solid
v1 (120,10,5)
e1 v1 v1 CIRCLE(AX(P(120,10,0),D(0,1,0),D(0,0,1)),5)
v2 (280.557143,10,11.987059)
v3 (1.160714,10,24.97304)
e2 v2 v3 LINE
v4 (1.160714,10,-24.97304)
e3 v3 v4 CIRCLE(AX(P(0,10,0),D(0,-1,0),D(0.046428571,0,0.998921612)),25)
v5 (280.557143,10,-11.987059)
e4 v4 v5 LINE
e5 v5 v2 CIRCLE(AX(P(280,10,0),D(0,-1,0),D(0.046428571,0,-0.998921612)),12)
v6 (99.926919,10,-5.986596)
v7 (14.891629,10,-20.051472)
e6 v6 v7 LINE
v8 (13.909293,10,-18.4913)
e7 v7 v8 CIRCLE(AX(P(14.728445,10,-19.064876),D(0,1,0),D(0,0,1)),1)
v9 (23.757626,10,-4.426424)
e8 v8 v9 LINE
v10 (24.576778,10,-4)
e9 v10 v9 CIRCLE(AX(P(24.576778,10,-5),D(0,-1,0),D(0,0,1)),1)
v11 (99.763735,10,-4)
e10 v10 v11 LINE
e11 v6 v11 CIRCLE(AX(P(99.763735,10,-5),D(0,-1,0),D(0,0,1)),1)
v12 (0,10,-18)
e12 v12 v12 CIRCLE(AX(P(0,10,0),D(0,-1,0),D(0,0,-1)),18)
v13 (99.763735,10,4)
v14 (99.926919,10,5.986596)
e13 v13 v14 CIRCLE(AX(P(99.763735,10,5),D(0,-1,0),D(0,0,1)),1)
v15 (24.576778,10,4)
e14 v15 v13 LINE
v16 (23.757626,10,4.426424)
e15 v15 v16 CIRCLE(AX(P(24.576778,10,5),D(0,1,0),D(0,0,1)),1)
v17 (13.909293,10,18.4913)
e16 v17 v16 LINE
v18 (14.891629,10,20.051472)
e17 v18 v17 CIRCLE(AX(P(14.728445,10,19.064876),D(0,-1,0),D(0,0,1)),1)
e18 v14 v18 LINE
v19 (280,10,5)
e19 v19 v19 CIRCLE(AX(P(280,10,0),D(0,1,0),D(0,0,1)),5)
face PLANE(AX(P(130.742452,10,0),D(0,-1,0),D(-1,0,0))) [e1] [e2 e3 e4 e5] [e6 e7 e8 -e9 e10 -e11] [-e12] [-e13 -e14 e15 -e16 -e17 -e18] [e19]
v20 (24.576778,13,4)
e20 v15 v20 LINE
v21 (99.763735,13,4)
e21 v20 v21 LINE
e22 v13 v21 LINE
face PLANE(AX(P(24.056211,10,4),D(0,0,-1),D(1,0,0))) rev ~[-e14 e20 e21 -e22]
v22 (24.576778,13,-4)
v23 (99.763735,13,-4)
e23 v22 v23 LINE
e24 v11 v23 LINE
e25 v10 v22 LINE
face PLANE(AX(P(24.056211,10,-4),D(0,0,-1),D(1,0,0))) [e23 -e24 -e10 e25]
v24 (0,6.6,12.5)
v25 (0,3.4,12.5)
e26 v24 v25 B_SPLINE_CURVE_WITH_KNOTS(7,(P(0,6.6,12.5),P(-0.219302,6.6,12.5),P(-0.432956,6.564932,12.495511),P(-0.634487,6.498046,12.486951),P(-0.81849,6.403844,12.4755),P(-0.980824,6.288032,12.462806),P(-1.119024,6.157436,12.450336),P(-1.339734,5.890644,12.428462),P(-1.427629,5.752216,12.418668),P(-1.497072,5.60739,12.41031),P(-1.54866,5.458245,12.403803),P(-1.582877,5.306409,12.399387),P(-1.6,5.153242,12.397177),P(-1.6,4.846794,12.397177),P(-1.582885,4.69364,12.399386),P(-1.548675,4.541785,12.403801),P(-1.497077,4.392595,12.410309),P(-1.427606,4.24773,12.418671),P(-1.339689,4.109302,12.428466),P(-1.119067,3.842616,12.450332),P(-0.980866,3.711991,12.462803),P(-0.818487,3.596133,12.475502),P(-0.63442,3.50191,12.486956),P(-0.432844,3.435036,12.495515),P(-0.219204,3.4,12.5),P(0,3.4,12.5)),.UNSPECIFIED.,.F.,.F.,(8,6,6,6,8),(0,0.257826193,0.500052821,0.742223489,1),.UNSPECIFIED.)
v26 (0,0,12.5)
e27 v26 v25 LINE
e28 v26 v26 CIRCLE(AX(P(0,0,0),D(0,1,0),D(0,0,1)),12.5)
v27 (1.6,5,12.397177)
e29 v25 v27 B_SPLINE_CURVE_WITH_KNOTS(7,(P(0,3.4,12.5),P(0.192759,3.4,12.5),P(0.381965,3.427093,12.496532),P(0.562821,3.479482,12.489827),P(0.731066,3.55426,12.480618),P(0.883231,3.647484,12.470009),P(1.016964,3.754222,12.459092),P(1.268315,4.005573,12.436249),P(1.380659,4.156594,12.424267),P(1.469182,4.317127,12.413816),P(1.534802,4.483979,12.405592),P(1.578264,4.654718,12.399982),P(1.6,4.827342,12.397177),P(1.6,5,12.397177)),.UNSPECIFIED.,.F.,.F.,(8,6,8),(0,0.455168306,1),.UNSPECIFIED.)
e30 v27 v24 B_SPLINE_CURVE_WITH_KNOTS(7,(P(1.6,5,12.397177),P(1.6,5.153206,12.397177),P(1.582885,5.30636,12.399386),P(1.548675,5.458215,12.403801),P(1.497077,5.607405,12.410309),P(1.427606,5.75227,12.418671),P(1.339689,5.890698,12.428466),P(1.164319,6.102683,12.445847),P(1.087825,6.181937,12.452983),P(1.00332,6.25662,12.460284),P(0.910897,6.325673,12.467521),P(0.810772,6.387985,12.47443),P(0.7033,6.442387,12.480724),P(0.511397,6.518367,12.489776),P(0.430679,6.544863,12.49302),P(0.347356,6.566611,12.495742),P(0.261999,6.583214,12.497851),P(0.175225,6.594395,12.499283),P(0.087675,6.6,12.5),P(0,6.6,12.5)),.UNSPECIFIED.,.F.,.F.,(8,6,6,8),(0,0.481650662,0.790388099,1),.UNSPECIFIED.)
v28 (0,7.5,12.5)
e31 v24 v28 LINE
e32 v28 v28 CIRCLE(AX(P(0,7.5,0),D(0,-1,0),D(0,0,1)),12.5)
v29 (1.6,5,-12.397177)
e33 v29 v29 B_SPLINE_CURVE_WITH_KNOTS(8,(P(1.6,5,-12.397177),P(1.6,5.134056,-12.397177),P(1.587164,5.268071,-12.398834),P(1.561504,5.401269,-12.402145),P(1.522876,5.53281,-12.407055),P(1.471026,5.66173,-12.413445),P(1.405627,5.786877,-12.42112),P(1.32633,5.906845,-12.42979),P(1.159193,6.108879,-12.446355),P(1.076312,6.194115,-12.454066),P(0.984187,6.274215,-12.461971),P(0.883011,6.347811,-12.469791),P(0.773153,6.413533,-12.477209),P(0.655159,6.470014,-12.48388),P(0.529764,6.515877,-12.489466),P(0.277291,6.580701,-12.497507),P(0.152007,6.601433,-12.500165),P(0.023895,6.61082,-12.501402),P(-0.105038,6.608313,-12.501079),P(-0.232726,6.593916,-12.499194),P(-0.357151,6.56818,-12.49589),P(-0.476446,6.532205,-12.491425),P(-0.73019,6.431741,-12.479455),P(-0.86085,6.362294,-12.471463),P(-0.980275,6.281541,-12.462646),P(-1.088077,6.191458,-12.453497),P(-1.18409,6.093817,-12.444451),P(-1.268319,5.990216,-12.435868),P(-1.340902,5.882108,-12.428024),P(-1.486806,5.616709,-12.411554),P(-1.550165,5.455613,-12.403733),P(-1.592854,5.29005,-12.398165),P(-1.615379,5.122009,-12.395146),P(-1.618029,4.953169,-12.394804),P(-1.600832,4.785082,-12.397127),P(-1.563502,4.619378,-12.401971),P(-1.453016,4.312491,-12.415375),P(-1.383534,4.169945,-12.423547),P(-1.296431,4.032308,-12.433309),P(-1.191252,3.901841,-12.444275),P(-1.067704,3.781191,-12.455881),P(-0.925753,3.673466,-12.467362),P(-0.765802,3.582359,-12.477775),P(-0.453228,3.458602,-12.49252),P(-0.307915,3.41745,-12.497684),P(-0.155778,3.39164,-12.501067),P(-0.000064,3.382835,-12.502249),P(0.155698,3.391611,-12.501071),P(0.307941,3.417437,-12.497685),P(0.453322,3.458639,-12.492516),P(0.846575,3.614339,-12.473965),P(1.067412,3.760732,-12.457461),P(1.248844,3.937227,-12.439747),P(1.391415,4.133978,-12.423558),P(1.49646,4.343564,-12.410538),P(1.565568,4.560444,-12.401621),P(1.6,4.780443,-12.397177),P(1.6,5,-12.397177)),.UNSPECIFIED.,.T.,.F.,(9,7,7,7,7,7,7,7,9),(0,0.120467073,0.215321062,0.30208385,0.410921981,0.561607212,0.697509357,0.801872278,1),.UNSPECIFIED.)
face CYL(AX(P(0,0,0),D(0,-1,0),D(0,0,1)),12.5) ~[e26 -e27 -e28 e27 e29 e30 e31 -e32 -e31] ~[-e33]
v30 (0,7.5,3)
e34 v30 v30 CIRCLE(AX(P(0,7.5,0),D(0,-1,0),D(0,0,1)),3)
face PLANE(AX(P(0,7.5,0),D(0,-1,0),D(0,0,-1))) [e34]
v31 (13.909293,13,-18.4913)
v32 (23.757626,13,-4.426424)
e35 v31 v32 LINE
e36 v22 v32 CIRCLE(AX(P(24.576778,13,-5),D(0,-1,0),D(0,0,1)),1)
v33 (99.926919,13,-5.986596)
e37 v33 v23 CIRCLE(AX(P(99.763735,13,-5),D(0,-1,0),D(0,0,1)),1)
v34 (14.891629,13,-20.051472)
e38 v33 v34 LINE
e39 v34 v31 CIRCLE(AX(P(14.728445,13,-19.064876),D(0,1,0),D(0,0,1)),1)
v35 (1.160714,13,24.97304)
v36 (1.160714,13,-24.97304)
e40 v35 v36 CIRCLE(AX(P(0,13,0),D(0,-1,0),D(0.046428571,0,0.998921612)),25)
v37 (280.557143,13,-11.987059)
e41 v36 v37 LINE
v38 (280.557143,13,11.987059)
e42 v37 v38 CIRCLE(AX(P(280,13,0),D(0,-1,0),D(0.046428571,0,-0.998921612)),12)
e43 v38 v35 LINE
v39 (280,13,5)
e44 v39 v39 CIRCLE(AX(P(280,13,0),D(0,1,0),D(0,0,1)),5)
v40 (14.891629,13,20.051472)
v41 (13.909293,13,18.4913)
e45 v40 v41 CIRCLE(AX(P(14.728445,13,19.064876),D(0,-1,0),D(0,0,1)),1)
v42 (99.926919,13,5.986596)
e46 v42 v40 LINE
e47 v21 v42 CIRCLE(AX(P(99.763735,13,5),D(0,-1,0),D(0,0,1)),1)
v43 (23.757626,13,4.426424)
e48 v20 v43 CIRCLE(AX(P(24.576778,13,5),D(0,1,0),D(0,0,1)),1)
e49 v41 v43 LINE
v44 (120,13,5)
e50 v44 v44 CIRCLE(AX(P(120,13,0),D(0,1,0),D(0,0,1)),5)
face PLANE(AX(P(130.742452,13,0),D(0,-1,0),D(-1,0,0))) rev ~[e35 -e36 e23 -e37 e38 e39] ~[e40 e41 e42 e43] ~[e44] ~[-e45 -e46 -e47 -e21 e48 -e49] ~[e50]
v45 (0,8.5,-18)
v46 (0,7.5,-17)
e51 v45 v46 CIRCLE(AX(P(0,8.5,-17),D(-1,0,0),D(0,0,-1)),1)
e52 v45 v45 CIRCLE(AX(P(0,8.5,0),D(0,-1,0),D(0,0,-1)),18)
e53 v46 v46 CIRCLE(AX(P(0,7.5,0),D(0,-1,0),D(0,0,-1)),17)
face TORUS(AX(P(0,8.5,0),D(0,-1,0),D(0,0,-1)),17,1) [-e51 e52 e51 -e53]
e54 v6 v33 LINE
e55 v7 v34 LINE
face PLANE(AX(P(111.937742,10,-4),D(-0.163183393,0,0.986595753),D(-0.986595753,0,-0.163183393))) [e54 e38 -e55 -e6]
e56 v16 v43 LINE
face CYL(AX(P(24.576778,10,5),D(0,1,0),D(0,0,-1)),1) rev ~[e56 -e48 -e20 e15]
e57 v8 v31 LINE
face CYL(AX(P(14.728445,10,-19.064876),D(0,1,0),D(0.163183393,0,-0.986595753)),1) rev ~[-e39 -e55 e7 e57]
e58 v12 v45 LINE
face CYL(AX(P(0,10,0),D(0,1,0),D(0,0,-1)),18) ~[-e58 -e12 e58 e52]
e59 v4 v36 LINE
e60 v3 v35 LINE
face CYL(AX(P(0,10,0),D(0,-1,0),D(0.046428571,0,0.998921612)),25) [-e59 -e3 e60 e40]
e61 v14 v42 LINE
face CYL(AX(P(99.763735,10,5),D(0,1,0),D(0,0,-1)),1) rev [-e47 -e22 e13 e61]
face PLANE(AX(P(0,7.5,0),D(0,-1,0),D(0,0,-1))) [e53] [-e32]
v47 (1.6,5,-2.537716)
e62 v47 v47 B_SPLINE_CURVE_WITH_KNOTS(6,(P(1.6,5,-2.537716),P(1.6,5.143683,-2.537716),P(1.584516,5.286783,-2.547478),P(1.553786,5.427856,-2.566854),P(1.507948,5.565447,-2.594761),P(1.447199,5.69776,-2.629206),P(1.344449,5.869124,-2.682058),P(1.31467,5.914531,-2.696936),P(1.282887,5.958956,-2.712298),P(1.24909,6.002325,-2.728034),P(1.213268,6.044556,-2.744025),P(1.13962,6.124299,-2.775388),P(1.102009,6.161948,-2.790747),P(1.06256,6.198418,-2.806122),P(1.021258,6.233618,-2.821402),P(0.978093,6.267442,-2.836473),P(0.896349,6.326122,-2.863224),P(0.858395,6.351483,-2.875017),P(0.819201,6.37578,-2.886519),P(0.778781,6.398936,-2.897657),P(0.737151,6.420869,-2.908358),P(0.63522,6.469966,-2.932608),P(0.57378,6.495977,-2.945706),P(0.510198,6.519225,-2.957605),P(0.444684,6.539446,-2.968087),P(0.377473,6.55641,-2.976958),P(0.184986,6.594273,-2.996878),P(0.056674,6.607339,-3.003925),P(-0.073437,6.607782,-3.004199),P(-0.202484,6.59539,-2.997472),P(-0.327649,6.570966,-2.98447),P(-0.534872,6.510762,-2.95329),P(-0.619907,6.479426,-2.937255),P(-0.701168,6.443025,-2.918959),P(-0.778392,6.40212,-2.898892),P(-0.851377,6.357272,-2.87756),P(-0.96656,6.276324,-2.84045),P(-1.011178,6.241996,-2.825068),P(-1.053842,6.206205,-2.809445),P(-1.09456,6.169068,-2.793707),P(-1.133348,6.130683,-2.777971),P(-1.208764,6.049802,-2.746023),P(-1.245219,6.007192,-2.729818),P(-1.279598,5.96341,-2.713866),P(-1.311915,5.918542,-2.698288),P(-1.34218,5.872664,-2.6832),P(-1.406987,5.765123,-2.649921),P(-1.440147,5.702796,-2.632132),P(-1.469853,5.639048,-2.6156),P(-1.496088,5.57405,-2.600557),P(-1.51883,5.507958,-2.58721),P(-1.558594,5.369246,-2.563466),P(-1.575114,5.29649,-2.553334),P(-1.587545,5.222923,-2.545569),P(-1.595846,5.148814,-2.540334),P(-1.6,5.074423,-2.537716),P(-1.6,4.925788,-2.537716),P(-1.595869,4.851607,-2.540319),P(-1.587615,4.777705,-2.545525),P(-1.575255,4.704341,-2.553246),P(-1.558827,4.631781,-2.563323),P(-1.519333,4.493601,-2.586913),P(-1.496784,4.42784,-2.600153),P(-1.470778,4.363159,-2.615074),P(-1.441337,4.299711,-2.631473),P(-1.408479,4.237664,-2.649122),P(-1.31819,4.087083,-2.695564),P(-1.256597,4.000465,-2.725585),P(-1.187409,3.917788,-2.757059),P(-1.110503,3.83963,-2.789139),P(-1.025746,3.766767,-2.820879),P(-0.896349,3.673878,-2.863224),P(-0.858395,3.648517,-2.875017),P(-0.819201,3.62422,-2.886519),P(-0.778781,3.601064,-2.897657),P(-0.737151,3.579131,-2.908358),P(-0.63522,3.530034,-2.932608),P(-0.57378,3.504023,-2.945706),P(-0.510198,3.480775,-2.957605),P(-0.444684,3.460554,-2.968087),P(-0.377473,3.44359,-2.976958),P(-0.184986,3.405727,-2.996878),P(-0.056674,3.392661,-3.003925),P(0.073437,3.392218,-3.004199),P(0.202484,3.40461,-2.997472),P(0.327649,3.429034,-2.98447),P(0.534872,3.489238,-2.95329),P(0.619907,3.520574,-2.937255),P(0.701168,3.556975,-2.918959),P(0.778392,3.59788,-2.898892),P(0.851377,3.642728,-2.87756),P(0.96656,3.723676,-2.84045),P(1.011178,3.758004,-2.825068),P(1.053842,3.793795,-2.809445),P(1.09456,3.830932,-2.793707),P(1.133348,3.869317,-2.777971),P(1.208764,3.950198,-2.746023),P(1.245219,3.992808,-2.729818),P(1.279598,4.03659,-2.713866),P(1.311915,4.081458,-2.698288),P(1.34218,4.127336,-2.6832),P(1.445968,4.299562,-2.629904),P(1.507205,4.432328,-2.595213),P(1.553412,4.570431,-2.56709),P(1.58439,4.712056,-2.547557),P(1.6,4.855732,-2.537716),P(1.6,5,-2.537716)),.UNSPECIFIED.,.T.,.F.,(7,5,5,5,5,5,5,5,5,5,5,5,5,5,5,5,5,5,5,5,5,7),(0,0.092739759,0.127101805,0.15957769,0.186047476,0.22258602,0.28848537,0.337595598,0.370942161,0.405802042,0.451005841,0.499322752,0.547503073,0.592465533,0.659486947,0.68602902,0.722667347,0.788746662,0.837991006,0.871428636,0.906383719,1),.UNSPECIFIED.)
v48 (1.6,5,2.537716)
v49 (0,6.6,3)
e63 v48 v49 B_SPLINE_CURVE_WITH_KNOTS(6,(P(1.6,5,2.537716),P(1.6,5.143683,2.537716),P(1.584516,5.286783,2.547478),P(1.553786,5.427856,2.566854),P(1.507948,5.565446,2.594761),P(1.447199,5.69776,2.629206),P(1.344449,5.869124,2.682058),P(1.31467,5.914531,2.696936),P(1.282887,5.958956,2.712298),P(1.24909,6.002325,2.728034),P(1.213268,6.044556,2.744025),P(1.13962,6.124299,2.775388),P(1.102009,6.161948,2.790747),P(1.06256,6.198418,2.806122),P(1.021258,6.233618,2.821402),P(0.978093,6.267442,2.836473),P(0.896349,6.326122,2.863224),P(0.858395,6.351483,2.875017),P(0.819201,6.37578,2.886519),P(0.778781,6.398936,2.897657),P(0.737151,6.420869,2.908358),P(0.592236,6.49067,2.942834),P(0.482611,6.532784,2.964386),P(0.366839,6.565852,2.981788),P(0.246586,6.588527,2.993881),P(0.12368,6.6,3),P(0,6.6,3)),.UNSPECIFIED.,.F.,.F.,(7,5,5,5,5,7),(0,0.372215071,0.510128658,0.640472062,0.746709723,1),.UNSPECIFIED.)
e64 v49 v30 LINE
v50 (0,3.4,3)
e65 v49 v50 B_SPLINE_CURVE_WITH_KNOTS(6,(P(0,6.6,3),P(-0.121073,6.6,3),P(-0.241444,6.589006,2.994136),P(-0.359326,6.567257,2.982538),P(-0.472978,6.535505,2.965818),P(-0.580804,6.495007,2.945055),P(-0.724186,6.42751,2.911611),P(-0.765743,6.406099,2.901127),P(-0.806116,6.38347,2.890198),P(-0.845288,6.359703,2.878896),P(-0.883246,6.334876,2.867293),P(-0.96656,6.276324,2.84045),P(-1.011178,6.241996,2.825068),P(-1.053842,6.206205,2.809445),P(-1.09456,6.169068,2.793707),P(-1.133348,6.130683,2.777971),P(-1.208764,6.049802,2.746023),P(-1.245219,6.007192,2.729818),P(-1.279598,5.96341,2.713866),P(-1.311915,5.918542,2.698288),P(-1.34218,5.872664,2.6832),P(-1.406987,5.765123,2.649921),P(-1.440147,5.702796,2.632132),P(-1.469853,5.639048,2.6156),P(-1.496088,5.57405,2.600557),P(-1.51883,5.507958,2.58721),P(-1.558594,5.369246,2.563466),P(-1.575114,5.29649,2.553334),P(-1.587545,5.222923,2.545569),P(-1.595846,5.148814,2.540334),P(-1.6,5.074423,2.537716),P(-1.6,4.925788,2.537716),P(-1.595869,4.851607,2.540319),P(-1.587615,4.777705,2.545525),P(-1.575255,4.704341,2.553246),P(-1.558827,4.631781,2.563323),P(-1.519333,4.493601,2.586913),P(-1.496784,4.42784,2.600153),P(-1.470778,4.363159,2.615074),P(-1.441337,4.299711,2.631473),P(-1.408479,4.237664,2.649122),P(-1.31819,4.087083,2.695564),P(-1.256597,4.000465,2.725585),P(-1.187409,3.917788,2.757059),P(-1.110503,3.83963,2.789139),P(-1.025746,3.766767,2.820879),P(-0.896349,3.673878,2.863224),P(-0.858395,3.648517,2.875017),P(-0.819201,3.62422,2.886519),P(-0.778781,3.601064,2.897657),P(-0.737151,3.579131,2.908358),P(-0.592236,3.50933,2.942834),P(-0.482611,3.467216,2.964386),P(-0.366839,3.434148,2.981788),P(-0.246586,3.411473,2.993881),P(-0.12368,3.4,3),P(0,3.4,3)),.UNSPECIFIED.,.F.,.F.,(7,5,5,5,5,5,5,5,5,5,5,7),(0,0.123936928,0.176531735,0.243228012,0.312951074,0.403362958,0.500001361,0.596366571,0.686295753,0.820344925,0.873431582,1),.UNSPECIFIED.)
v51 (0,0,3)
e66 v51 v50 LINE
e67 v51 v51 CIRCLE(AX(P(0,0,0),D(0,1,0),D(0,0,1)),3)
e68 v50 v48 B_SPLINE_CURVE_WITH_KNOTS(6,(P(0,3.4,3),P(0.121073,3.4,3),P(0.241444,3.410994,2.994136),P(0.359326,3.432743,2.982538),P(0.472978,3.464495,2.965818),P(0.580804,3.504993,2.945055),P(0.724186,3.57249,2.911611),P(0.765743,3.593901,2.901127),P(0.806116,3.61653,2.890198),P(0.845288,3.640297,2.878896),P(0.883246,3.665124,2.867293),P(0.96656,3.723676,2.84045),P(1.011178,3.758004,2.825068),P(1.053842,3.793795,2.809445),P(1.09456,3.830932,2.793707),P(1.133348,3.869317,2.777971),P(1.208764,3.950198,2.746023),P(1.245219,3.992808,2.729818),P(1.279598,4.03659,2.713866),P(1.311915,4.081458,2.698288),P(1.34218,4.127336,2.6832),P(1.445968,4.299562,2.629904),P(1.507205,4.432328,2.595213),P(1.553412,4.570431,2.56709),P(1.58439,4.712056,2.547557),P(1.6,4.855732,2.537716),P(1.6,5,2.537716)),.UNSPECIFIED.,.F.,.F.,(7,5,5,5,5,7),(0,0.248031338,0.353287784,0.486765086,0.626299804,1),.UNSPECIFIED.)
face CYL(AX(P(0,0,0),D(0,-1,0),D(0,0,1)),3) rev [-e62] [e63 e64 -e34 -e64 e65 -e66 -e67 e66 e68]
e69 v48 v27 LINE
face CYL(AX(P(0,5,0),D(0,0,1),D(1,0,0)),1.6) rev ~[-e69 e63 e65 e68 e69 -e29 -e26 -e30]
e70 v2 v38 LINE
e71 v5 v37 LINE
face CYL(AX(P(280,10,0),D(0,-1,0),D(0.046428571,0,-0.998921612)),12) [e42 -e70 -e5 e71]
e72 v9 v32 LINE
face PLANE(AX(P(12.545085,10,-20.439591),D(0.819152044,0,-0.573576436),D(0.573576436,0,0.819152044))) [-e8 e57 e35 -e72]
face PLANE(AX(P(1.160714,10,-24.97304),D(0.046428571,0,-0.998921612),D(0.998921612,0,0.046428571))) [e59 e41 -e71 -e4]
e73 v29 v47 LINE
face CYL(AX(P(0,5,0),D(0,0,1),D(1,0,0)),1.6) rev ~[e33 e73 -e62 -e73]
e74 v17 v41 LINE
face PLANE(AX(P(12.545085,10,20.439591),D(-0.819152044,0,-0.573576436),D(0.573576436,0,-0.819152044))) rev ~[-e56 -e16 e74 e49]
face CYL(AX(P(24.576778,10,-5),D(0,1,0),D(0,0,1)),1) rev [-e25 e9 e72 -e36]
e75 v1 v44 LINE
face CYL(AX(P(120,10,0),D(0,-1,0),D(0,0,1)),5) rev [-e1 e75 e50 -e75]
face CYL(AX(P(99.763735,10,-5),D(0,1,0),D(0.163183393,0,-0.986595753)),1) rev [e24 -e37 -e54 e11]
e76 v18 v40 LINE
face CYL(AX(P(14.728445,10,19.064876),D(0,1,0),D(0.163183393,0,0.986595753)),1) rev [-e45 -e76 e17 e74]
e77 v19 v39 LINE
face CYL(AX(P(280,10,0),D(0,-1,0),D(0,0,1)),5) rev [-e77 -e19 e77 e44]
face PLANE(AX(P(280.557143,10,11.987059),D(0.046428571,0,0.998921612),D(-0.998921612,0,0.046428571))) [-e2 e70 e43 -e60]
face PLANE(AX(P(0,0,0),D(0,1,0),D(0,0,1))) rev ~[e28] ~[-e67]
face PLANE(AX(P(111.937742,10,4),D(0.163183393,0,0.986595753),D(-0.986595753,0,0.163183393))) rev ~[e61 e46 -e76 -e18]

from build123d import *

# Parameters (mm, degrees)
SKETCH_1_R          = 12.5
SKETCH_1_R_2        = 3
EXTRUDE_1_DEPTH     = 10
SKETCH_2_R          = 1.6
CUT_EXTRUDE_4_DEPTH = 12.5
SKETCH_3_R          = 5
EXTRUDE_2_DEPTH     = 3
SKETCH_4_R          = 18
EXTRUDE_3_DEPTH     = 2.5
FILLET_1_R          = 1
SKETCH_5_R          = 1
CUT_EXTRUDE_5_DEPTH = 3
FILLET_2_R          = 1


with BuildPart() as part:
    # 草图1 → 凸台-拉伸1 (new body)
    with BuildSketch(Plane(origin=(0, 0, 0), x_dir=(1, 0, 0), z_dir=(0, 1, 0))):
        with Locations(Location((0, 0, 0), (0, 0, 270))):
            Circle(SKETCH_1_R)
        with Locations(Location((0, 0, 0), (0, 0, 270))):
            Circle(SKETCH_1_R_2, mode=Mode.SUBTRACT)
    extrude(amount=EXTRUDE_1_DEPTH)

    # 草图2 → 切除-拉伸4 (cut, symmetric)
    with BuildSketch(Plane.XY):
        with Locations((0, 5)):
            Circle(SKETCH_2_R)
    extrude(amount=CUT_EXTRUDE_4_DEPTH, both=True, mode=Mode.SUBTRACT)

    # 草图3 → 凸台-拉伸2 (add)
    with BuildSketch(Plane(origin=(0, 10, 0), x_dir=(1, 0, 0), z_dir=(0, 1, 0))):
        with BuildLine():
            Line((1.160714286, 24.97304031), (280.557142857, 11.987059349))
            ThreePointArc((280.557142857, 11.987059349), (292, 0), (280.557142857, -11.987059349))
            Line((280.557142857, -11.987059349), (1.160714286, -24.97304031))
            ThreePointArc((1.160714286, -24.97304031), (-25, 0), (1.160714286, 24.97304031))
        make_face()
        with Locations(Location((280, 0, 0), (0, 0, 270))):
            Circle(SKETCH_3_R, mode=Mode.SUBTRACT)
        with Locations(Location((120, 0, 0), (0, 0, 270))):
            Circle(SKETCH_3_R, mode=Mode.SUBTRACT)
    extrude(amount=EXTRUDE_2_DEPTH)

    # 草图4 → 凸台-拉伸3 (add)
    with BuildSketch(Plane.XZ.offset(-10)):
        with Locations(Location((0, 0, 0), (0, 0, 270))):
            Circle(SKETCH_4_R)
    extrude(amount=EXTRUDE_3_DEPTH)

    # 圆角1
    fillet_1_edges = [part.edges().sort_by_distance(p)[0] for p in [
        (0, 7.5, 18),
    ]]
    fillet(fillet_1_edges, radius=FILLET_1_R)

    # 草图5 → 切除-拉伸5 (cut)
    with BuildSketch(Plane.XZ.offset(-10)):
        with Locations((120, 0)):
            Circle(SKETCH_5_R)
        Polygon((24.0562108, 4), (111.937742252, 4), (12.545084957, 20.439591429), align=None)
        Polygon((12.545084957, -20.439591429), (24.0562108, -4), (111.937742252, -4), align=None)
    extrude(amount=-CUT_EXTRUDE_5_DEPTH, mode=Mode.SUBTRACT)

    # 圆角2
    fillet_2_edges = [part.edges().sort_by_distance(p)[0] for p in [
        (24.0562108, 11.5, 4),
        (12.545084957, 11.5, 20.439591429),
        (111.937742252, 11.5, 4),
        (111.937742252, 11.5, -4),
        (12.545084957, 11.5, -20.439591429),
        (24.0562108, 11.5, -4),
    ]]
    fillet(fillet_2_edges, radius=FILLET_2_R)


solid = part.part
